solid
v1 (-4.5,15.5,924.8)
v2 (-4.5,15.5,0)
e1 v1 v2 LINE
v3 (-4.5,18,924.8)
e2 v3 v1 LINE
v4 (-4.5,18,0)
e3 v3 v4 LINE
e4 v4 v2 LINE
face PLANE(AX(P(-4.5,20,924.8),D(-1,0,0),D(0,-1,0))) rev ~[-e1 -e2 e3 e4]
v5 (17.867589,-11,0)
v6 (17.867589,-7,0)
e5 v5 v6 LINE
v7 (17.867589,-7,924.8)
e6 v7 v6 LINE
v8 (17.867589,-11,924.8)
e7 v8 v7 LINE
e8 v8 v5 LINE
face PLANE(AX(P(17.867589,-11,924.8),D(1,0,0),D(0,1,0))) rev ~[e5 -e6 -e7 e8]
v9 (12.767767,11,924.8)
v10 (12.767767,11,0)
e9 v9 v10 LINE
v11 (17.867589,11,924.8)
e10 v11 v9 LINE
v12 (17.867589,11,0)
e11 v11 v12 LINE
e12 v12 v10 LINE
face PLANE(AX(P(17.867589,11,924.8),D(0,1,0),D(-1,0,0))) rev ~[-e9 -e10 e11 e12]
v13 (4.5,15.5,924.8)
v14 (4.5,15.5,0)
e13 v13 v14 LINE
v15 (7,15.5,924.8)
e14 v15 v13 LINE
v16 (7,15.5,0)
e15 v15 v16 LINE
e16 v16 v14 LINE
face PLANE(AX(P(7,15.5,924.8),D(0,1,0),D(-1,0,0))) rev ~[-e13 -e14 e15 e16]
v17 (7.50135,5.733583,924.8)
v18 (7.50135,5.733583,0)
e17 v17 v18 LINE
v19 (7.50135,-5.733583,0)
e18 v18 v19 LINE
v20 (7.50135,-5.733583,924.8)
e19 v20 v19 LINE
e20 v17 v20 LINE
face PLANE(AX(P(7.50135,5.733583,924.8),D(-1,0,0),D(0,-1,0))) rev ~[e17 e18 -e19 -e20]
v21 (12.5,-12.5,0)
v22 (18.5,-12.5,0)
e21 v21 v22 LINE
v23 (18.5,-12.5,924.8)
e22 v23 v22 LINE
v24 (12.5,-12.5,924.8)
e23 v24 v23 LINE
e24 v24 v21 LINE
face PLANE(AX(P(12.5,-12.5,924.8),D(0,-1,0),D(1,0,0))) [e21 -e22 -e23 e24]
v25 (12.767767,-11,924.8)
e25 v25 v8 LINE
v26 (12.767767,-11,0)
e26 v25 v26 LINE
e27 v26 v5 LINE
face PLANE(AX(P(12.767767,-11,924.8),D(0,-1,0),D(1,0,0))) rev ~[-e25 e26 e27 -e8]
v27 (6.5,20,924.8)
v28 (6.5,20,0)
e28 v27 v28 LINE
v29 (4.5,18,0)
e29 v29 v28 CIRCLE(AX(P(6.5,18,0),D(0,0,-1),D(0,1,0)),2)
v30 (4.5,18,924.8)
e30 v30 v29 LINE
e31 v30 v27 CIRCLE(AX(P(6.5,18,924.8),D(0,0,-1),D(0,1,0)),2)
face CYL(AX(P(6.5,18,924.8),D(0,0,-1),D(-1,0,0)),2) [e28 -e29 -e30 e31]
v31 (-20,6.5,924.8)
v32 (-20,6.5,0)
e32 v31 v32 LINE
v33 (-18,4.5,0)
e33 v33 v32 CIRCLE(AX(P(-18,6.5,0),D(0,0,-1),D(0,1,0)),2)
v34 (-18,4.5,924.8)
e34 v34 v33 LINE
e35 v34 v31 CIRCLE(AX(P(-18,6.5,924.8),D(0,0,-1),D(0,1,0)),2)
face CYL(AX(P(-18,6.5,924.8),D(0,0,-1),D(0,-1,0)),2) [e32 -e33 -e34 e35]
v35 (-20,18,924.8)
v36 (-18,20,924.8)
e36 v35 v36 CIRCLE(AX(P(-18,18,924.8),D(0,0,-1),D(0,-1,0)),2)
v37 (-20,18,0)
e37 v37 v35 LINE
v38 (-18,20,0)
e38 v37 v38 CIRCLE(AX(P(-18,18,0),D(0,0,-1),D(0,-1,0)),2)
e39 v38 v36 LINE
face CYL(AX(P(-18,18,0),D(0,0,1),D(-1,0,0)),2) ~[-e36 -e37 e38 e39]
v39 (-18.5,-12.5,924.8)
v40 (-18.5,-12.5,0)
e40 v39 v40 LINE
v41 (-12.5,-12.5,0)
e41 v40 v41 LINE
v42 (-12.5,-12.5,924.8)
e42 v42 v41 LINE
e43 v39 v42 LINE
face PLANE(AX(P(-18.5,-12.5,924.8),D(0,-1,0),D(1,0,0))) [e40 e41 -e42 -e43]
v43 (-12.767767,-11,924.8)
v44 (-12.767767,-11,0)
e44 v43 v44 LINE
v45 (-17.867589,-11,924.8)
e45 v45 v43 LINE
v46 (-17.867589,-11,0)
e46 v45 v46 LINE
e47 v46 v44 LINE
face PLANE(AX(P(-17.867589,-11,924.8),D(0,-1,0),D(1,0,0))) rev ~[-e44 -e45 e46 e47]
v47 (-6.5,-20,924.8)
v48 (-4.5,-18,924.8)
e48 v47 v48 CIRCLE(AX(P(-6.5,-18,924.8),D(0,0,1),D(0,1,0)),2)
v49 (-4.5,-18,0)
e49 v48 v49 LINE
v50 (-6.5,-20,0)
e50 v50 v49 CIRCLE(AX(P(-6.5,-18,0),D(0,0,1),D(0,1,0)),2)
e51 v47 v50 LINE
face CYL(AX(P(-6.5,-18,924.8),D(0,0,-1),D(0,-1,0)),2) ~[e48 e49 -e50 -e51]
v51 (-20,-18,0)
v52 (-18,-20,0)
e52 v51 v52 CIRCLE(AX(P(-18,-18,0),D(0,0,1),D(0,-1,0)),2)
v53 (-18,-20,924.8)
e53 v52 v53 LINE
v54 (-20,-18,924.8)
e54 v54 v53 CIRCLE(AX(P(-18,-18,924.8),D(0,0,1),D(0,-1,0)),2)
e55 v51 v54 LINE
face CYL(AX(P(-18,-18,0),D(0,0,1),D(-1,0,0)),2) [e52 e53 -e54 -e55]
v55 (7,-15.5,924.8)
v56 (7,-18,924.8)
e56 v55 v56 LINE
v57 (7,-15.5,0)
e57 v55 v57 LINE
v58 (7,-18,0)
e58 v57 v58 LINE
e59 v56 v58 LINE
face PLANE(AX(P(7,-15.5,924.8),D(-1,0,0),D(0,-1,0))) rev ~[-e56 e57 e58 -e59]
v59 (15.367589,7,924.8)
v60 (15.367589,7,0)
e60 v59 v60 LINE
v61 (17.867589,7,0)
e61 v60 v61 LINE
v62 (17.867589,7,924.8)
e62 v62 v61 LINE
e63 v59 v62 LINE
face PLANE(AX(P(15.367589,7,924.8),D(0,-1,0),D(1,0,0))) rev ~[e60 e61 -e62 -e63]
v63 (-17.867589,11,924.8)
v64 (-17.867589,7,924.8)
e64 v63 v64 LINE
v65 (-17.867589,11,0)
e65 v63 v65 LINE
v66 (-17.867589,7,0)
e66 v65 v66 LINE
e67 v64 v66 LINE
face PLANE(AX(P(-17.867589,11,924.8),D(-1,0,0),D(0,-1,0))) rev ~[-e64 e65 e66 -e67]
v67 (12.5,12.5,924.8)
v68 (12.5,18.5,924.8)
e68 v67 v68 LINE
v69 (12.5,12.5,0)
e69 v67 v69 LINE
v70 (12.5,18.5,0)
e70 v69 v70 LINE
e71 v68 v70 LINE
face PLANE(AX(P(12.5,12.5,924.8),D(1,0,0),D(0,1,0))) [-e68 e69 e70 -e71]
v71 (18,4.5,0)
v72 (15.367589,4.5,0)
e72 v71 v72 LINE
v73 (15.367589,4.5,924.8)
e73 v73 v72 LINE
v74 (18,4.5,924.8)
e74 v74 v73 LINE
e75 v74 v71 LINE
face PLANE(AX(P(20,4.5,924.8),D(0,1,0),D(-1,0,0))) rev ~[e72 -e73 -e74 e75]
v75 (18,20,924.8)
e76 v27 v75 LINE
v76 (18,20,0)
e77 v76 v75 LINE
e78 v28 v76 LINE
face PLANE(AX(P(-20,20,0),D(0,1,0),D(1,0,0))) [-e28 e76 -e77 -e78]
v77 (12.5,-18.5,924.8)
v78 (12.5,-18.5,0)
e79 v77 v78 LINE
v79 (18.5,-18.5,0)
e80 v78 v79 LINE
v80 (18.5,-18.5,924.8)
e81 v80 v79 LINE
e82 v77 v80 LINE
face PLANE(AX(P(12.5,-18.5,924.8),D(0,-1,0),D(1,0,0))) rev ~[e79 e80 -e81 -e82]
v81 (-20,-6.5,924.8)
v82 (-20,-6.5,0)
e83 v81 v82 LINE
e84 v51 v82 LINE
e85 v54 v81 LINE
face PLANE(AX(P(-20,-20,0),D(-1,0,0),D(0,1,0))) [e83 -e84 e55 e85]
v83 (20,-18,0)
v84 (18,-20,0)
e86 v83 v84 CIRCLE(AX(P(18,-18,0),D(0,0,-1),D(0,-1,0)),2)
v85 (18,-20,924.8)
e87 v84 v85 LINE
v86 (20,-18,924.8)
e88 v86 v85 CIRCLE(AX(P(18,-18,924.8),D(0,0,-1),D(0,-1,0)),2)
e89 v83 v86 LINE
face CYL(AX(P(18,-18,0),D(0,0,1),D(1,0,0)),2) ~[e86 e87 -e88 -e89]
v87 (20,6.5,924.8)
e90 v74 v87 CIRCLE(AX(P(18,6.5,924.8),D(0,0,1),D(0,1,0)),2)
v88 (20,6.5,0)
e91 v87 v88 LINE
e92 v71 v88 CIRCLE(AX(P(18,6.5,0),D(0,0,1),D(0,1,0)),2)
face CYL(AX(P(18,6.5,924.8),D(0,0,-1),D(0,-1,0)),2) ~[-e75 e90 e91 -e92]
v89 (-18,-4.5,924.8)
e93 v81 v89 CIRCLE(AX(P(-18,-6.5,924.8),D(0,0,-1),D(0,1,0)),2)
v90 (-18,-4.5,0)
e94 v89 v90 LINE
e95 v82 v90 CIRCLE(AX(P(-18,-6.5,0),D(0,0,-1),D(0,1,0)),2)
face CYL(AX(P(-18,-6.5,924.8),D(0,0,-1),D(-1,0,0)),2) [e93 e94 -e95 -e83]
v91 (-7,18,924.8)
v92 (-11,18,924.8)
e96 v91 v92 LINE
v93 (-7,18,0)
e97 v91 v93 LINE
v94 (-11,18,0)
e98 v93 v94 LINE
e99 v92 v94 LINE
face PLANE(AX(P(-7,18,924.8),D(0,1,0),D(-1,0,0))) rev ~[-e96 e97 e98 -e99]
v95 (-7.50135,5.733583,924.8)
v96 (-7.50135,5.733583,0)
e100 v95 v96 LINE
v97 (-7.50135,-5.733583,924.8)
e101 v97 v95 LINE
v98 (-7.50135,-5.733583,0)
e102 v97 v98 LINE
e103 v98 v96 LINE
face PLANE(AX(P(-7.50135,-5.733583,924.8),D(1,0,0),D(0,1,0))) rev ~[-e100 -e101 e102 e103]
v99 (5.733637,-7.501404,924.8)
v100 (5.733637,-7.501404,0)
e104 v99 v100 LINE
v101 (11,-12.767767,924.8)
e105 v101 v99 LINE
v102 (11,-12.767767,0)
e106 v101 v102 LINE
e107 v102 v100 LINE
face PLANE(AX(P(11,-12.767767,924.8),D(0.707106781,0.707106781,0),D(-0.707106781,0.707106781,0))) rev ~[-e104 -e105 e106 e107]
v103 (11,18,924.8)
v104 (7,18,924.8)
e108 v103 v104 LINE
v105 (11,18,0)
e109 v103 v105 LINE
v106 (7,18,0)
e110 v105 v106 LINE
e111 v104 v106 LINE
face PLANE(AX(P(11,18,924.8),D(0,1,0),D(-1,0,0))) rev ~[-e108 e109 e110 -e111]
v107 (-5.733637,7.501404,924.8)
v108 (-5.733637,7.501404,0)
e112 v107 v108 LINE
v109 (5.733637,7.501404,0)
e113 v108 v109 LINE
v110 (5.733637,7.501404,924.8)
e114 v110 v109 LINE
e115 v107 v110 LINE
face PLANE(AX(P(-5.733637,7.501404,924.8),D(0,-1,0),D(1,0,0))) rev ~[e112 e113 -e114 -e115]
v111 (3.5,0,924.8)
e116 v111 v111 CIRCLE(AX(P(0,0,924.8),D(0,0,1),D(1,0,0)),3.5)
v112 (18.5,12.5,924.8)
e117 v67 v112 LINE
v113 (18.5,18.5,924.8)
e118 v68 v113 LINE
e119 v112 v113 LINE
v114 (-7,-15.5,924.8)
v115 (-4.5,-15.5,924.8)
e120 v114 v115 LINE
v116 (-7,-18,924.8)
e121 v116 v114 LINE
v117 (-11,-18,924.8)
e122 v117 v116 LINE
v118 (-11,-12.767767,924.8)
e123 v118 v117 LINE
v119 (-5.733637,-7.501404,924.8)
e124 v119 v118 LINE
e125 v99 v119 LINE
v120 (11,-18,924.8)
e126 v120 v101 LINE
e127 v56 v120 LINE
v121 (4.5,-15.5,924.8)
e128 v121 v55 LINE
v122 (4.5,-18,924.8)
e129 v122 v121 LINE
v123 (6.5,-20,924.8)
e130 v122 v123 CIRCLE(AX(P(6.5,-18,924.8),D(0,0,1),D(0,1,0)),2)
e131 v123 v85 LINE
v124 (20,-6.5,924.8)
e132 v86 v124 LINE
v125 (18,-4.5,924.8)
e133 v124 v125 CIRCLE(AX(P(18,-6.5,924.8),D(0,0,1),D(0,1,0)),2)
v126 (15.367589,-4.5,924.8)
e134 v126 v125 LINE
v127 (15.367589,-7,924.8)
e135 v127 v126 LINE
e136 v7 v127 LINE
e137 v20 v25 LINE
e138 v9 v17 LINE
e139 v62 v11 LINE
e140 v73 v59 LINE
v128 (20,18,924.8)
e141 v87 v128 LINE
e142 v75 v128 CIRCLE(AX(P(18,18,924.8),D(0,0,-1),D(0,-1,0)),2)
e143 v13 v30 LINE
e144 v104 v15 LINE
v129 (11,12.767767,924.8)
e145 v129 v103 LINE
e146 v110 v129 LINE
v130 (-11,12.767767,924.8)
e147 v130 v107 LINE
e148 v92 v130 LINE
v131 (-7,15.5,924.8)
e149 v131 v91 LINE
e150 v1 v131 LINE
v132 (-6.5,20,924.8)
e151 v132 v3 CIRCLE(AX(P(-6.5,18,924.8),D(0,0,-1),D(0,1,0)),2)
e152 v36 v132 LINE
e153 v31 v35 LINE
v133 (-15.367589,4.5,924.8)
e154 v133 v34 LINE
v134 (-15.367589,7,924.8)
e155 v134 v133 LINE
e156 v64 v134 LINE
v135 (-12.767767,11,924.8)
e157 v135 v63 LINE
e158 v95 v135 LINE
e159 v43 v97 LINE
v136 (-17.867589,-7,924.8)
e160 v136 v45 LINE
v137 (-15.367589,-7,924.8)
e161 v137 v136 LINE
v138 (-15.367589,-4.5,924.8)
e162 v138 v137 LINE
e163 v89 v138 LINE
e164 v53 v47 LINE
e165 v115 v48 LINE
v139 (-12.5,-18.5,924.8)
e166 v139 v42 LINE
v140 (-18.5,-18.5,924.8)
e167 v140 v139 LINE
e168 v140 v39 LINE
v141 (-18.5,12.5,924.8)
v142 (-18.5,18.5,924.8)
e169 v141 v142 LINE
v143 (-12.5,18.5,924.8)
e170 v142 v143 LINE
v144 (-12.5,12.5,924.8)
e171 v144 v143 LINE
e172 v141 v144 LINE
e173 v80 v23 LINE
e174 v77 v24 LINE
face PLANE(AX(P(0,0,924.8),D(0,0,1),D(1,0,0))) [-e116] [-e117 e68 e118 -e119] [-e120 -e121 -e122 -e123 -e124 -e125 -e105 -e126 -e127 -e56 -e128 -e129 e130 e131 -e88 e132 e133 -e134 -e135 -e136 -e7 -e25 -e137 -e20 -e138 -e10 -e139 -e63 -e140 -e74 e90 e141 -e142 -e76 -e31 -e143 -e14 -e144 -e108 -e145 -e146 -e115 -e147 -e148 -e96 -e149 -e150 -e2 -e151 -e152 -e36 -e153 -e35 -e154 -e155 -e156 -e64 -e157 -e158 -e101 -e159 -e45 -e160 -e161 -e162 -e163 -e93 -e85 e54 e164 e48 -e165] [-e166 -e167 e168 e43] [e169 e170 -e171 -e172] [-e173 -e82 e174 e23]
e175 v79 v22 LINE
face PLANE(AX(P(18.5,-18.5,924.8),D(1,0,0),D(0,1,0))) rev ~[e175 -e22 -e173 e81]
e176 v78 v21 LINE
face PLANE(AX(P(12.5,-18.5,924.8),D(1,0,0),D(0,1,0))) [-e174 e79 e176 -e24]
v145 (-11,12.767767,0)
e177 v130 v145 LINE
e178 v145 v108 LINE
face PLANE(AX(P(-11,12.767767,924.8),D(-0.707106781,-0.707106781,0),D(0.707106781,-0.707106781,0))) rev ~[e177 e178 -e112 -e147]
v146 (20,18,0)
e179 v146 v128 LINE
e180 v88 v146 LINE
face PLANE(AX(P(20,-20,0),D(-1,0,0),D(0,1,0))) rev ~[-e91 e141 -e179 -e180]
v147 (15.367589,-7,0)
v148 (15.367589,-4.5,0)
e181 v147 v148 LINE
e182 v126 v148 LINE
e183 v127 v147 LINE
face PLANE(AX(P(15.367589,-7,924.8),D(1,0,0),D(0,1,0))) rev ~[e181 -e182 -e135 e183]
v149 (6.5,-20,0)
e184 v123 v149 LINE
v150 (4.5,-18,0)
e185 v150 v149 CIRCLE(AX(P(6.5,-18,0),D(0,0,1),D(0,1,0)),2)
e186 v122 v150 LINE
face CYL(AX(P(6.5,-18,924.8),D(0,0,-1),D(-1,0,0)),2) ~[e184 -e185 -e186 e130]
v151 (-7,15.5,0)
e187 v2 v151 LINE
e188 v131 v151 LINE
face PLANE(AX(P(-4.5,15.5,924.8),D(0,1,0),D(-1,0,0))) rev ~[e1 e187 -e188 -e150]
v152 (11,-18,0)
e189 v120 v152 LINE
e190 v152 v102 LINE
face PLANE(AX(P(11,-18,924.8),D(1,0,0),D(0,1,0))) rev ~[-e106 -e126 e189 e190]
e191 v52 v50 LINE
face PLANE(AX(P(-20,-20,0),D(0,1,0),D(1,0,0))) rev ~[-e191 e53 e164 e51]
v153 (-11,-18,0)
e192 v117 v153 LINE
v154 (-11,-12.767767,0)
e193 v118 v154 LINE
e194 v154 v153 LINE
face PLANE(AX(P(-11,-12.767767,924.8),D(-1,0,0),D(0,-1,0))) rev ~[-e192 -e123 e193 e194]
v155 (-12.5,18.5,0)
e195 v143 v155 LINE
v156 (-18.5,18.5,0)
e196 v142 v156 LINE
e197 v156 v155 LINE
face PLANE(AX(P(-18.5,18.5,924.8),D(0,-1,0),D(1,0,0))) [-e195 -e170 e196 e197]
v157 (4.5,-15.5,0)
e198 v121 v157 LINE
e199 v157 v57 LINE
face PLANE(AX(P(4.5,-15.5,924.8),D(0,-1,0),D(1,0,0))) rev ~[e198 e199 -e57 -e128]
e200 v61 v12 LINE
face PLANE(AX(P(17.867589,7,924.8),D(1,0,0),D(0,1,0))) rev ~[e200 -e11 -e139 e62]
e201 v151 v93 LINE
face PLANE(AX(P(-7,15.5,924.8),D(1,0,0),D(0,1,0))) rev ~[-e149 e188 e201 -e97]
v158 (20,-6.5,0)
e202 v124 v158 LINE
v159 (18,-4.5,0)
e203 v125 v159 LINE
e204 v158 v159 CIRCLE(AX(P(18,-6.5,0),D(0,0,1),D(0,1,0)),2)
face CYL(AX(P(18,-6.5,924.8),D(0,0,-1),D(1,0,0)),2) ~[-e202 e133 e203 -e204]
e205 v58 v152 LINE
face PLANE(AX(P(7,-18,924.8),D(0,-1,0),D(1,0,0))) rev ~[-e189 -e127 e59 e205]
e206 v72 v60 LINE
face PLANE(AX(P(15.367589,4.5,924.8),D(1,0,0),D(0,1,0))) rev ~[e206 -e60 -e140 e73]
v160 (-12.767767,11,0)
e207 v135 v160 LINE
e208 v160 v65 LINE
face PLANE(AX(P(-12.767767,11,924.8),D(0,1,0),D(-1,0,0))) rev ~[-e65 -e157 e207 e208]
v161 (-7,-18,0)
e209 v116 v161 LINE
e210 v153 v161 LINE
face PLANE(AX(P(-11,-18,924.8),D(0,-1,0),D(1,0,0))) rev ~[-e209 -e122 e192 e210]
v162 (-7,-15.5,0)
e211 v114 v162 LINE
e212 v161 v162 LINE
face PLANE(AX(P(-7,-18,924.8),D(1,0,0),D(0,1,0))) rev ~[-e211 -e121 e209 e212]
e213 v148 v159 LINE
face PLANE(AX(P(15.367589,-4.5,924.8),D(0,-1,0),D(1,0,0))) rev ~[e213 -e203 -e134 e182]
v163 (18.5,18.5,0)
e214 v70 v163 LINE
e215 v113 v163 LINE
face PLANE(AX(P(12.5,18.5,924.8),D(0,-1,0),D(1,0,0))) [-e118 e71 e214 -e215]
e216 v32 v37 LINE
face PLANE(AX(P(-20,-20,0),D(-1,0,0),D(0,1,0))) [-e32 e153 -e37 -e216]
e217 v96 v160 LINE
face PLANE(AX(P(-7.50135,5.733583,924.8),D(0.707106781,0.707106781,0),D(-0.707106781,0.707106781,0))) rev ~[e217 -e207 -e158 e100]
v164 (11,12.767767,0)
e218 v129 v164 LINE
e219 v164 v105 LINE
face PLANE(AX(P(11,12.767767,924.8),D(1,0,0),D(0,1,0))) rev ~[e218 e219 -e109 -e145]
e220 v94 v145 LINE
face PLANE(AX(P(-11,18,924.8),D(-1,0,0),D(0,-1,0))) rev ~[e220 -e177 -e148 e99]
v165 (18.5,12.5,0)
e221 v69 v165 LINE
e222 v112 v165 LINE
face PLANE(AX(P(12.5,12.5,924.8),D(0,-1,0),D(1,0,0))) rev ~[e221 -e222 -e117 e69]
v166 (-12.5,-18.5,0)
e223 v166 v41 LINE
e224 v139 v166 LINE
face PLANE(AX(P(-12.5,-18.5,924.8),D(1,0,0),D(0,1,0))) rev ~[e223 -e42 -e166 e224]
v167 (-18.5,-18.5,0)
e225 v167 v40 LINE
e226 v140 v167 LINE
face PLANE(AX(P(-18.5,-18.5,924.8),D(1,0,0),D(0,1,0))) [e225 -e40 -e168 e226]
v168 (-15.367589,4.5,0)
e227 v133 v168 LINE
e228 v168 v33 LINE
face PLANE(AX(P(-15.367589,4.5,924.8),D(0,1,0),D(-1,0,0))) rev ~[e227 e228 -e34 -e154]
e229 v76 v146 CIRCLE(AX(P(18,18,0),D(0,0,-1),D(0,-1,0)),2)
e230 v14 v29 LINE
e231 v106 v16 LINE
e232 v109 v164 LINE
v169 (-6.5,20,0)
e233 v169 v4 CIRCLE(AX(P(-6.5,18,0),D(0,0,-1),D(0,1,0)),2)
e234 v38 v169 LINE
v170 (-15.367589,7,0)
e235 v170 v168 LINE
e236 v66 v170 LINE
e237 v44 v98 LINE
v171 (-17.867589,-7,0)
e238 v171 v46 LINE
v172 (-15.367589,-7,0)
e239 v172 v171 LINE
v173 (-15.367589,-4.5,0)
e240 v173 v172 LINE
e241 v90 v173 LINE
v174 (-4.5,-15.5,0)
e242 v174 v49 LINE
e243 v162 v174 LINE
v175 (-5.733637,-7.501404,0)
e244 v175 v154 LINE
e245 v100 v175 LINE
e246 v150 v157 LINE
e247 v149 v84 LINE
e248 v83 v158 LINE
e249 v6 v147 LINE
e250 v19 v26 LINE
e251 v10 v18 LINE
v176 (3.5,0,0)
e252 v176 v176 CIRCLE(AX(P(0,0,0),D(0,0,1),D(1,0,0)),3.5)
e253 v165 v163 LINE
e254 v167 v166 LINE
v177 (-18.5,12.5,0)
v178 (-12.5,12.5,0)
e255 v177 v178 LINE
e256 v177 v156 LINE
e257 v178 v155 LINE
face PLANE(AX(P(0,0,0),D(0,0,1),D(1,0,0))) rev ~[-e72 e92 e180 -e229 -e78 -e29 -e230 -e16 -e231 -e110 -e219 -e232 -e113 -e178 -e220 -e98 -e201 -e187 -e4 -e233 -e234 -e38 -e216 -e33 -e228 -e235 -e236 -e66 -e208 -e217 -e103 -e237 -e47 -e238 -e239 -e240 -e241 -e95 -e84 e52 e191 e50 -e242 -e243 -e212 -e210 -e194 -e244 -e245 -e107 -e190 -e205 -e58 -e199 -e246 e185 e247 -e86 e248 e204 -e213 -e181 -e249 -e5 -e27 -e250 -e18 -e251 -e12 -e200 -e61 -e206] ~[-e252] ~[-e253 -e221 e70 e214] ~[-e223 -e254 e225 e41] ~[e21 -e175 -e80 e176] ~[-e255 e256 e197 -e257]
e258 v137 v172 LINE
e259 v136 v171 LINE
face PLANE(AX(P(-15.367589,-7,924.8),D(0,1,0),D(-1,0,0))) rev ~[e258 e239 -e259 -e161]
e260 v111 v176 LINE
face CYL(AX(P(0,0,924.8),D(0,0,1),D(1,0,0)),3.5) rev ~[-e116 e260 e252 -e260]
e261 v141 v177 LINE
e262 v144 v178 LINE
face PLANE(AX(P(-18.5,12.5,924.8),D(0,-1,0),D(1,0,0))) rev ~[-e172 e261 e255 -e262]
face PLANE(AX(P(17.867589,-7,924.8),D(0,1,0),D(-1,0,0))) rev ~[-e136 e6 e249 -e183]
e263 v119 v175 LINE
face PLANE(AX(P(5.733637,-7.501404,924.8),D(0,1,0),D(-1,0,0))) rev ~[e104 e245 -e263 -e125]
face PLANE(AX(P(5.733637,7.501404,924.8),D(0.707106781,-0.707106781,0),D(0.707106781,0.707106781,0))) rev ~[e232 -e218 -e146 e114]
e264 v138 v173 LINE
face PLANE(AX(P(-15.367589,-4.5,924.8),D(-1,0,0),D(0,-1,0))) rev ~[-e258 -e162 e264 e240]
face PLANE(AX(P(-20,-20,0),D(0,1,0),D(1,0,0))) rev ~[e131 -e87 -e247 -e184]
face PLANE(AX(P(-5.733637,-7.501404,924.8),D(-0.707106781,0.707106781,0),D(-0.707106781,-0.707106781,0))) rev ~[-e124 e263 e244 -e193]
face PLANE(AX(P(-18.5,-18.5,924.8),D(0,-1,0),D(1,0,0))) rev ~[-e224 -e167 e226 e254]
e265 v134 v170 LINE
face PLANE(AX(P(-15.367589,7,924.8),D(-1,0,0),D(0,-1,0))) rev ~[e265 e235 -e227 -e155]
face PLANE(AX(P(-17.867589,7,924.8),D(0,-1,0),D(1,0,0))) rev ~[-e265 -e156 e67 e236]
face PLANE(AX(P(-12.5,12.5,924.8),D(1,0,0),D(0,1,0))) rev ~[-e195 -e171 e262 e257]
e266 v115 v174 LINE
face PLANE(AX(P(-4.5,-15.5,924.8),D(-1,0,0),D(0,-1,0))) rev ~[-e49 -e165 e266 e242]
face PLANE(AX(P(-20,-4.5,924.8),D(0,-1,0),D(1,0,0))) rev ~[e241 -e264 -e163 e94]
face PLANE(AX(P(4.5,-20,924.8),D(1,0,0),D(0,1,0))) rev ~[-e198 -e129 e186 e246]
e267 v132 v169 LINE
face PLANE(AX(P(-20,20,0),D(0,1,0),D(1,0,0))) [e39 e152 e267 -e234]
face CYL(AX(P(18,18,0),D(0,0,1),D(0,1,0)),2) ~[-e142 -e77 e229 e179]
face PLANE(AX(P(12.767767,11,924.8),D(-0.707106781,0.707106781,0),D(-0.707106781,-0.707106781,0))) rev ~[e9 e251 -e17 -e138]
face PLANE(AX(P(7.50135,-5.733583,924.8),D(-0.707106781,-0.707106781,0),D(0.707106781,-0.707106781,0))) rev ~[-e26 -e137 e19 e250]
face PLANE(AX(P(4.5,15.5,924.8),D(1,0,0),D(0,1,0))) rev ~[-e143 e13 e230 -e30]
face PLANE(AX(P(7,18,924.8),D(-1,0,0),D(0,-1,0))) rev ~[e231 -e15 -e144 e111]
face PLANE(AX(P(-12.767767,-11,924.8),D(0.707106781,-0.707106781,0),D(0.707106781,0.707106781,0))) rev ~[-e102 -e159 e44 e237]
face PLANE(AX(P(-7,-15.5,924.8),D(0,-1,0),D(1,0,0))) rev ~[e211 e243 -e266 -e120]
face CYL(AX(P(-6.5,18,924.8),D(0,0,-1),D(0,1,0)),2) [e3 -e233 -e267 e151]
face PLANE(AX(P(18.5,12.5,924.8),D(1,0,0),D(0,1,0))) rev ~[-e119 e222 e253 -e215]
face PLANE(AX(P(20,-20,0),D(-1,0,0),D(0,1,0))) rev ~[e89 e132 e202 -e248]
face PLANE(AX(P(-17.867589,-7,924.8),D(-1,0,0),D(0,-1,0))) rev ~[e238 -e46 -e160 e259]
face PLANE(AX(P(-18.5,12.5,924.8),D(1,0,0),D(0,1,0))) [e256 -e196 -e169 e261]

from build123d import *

# Parameters (mm, degrees)
CROQUIS1_W              = 40
CROQUIS1_H              = 40
SALIENTE_EXTRUIR1_DEPTH = 924.8
CROQUIS2_W              = 6
CROQUIS2_H              = 6
CROQUIS2_R              = 3.5
CORTAR_EXTRUIR2_DEPTH   = 924.8
REDONDEO1_R             = 2
REDONDEO2_R             = 2


with BuildPart() as part:
    # Croquis1 → Saliente-Extruir1 (new body)
    with BuildSketch(Plane.XY):
        Rectangle(CROQUIS1_W, CROQUIS1_H)
    extrude(amount=SALIENTE_EXTRUIR1_DEPTH)

    # Croquis2 → Cortar-Extruir2 (cut)
    with BuildSketch(Plane.XY.offset(924.8)):
        with Locations((-15.5, 15.5)):
            Rectangle(CROQUIS2_W, CROQUIS2_H)
        Polygon((4.5, 15.5), (4.5, 20), (-4.5, 20), (-4.5, 15.5), (-7, 15.5), (-7, 18), (-11, 18), (-11, 12.767766953), (-5.733637236, 7.501404189), (5.733637236, 7.501404189), (11, 12.767766953), (11, 18), (7, 18), (7, 15.5), align=None)
        with Locations((15.5, 15.5)):
            Rectangle(CROQUIS2_W, CROQUIS2_H)
        Polygon((15.367588592, -4.5), (20, -4.5), (20, 4.5), (15.367588592, 4.5), (15.367588592, 7), (17.867588592, 7), (17.867588592, 11), (12.767766953, 11), (7.501349817, 5.733582864), (7.501349817, -5.733582864), (12.767766953, -11), (17.867588592, -11), (17.867588592, -7), (15.367588592, -7), align=None)
        Polygon((-20, 4.5), (-20, -4.5), (-15.367588592, -4.5), (-15.367588592, -7), (-17.867588592, -7), (-17.867588592, -11), (-12.767766953, -11), (-7.501349817, -5.733582864), (-7.501349817, 5.733582864), (-12.767766953, 11), (-17.867588592, 11), (-17.867588592, 7), (-15.367588592, 7), (-15.367588592, 4.5), align=None)
        Circle(CROQUIS2_R)
        Polygon((11, -12.767766953), (5.733637236, -7.501404189), (-5.733637236, -7.501404189), (-11, -12.767766953), (-11, -18), (-7, -18), (-7, -15.5), (-4.5, -15.5), (-4.5, -20), (4.5, -20), (4.5, -15.5), (7, -15.5), (7, -18), (11, -18), align=None)
        with Locations((-15.5, -15.5)):
            Rectangle(CROQUIS2_W, CROQUIS2_H)
        with Locations((15.5, -15.5)):
            Rectangle(CROQUIS2_W, CROQUIS2_H)
    extrude(amount=-CORTAR_EXTRUIR2_DEPTH, mode=Mode.SUBTRACT)

    # Redondeo1
    redondeo1_edges = [part.edges().sort_by_distance(p)[0] for p in [
        (20, -20, 462.4),
        (-20, -20, 462.4),
        (-20, 20, 462.4),
        (20, 20, 462.4),
    ]]
    fillet(redondeo1_edges, radius=REDONDEO1_R)

    # Redondeo2
    redondeo2_edges = [part.edges().sort_by_distance(p)[0] for p in [
        (4.5, 20, 462.4),
        (-4.5, 20, 462.4),
        (20, -4.5, 462.4),
        (20, 4.5, 462.4),
        (-20, 4.5, 462.4),
        (-20, -4.5, 462.4),
        (-4.5, -20, 462.4),
        (4.5, -20, 462.4),
    ]]
    fillet(redondeo2_edges, radius=REDONDEO2_R)


solid = part.part
